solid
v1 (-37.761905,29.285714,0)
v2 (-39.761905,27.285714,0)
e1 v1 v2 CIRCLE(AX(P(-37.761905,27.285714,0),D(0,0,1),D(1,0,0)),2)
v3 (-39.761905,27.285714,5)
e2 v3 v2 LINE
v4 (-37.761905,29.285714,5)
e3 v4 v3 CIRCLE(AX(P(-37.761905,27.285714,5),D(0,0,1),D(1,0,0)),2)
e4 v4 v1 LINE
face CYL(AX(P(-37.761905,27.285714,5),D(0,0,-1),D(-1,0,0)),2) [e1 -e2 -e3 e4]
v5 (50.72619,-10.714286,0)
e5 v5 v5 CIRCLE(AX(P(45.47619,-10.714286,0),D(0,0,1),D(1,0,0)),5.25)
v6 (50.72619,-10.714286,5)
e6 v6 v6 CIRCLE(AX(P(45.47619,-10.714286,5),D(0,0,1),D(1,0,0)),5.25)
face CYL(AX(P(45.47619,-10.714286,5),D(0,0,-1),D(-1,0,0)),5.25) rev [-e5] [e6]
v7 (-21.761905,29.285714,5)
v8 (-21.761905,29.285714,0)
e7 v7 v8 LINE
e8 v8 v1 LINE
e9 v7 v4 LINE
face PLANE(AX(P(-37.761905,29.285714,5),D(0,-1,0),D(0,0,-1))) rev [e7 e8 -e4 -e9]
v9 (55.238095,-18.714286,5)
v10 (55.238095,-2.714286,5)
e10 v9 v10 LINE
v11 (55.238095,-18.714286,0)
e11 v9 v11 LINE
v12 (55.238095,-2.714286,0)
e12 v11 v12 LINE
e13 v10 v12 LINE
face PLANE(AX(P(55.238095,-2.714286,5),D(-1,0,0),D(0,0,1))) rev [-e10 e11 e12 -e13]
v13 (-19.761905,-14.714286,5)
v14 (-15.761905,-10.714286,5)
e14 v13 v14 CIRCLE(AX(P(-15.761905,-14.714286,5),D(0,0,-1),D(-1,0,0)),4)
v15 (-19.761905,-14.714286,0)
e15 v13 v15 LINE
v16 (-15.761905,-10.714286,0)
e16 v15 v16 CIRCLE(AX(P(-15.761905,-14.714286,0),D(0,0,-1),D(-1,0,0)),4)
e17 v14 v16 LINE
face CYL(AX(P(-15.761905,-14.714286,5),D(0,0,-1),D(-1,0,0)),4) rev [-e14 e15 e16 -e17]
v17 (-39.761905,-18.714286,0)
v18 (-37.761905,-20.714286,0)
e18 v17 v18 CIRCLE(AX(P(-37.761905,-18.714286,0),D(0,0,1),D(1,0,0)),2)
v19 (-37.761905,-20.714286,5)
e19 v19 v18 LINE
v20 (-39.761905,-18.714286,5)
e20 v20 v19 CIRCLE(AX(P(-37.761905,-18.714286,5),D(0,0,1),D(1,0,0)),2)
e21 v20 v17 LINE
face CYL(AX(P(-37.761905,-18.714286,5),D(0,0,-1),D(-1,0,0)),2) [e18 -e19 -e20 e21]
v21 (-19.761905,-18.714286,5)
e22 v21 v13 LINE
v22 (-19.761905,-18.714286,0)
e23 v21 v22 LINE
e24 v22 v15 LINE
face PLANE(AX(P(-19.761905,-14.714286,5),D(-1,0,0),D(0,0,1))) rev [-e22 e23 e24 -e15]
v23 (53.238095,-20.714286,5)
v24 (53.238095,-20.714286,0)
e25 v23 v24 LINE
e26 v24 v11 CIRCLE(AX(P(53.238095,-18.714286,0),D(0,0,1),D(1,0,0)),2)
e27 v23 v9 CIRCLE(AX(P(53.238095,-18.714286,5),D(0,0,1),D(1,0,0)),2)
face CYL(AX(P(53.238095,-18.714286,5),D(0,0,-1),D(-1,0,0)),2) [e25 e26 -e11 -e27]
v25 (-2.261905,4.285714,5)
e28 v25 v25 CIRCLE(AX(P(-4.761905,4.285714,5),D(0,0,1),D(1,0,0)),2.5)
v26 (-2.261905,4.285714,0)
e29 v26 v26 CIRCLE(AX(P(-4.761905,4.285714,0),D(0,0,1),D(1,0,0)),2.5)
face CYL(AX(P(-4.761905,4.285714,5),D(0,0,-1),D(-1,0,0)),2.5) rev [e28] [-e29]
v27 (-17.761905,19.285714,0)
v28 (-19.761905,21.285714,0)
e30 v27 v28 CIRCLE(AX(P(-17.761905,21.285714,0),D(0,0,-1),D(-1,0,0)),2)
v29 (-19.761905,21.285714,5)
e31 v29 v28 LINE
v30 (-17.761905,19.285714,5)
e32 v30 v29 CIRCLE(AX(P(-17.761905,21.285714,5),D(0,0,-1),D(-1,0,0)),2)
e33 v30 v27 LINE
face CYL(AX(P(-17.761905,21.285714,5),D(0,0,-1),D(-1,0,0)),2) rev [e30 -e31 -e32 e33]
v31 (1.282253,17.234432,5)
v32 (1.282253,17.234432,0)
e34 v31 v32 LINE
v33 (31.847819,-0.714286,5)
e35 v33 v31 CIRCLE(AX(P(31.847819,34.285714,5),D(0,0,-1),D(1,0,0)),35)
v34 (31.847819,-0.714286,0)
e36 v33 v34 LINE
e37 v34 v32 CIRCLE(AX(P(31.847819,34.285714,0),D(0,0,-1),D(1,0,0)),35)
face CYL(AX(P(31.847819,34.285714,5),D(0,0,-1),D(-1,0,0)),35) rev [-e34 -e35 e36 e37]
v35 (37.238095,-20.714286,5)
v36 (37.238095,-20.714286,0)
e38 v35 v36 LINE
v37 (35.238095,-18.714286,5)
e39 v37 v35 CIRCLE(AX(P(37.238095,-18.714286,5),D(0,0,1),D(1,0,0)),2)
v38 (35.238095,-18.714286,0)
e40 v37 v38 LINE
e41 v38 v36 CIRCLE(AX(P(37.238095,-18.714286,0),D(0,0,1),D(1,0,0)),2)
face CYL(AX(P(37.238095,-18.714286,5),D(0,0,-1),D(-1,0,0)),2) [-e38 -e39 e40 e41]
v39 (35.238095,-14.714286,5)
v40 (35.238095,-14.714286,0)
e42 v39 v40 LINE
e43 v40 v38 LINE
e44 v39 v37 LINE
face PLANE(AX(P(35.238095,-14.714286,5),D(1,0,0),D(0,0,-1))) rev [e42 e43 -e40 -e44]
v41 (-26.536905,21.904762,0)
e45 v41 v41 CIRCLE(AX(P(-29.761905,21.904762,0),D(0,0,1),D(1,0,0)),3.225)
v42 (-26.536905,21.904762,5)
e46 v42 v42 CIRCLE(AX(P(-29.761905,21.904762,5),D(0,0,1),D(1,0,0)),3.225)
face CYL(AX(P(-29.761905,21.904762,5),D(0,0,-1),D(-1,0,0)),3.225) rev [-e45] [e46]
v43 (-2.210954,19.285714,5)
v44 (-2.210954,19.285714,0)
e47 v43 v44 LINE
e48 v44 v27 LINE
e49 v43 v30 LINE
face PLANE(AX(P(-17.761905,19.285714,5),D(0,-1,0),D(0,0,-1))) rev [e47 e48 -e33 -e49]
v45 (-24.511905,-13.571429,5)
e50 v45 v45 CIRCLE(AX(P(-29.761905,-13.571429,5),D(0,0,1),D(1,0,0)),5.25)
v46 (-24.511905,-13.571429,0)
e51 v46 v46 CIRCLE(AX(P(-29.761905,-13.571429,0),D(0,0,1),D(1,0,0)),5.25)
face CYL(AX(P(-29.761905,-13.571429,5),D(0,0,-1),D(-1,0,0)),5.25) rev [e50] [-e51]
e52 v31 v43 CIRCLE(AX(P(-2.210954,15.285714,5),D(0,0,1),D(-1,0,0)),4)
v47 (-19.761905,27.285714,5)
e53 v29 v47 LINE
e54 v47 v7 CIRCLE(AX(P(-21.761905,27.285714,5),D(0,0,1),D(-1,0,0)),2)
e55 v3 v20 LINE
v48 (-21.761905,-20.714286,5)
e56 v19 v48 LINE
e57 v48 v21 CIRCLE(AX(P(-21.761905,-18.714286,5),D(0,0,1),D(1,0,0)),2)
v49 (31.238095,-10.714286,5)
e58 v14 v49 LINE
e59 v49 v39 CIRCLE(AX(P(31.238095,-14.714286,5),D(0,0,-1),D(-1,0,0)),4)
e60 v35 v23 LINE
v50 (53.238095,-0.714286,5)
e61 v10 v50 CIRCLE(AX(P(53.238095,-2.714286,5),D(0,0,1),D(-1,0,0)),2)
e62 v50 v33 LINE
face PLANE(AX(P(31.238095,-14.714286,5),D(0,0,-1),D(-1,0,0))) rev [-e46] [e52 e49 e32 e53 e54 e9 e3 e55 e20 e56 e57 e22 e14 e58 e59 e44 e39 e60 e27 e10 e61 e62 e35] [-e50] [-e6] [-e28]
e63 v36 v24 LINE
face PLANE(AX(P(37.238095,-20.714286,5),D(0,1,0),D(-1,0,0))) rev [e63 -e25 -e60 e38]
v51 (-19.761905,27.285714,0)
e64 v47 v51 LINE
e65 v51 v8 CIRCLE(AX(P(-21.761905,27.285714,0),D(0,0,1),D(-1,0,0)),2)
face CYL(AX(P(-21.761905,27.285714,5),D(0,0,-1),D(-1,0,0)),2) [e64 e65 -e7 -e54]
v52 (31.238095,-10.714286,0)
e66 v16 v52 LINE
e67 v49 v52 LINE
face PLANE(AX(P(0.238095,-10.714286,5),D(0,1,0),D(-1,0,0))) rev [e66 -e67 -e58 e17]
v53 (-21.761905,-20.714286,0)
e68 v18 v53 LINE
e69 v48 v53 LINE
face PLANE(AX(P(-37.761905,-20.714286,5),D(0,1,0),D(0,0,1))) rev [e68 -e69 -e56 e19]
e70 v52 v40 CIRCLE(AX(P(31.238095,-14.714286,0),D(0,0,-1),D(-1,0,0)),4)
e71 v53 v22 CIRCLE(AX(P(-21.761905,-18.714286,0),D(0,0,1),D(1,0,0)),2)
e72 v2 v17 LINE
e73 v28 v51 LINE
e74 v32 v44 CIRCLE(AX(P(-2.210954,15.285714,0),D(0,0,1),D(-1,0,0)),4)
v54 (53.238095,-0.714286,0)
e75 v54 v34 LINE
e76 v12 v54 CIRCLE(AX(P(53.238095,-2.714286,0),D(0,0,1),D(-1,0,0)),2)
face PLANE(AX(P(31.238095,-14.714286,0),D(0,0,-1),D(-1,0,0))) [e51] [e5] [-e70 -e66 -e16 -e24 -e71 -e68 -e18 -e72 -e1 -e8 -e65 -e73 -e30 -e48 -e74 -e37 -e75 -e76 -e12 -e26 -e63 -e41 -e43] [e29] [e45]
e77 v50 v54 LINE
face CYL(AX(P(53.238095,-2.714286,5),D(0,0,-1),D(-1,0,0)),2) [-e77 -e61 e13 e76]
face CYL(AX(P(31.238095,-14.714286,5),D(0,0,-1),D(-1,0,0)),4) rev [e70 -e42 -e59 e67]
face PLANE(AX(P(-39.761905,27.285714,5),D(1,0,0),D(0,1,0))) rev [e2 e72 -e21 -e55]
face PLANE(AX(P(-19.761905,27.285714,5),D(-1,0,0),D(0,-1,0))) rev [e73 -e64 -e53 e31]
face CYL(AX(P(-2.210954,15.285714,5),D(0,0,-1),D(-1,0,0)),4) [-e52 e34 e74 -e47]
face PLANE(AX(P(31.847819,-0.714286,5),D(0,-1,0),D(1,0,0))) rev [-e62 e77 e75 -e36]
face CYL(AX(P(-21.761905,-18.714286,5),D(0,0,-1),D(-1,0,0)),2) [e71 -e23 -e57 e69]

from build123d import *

# Parameters (mm, degrees)
ESBO_O1_R                = 5.25
ESBO_O1_R_2              = 3.225
ESBO_O1_R_3              = 2.5
RESSALTO_EXTRUS_O1_DEPTH = 5


with BuildPart() as part:
    # Esboço1 → Ressalto-extrusão1 (new body)
    with BuildSketch(Plane.XY):
        with BuildLine():
            Line((0.238095238, -10.714285714), (31.238095238, -10.714285714))
            ThreePointArc((31.238095238, -10.714285714), (34.066522363, -11.88585859), (35.238095238, -14.714285714))
            Line((35.238095238, -14.714285714), (35.238095238, -18.714285714))
            ThreePointArc((35.238095238, -18.714285714), (35.823881676, -20.128499277), (37.238095238, -20.714285714))
            Line((37.238095238, -20.714285714), (53.238095238, -20.714285714))
            ThreePointArc((53.238095238, -20.714285714), (54.6523088, -20.128499277), (55.238095238, -18.714285714))
            Line((55.238095238, -18.714285714), (55.238095238, -2.714285714))
            ThreePointArc((55.238095238, -2.714285714), (54.6523088, -1.300072152), (53.238095238, -0.714285714))
            Line((53.238095238, -0.714285714), (31.847818571, -0.714285714))
            ThreePointArc((31.847818571, -0.714285714), (14.124879647, 4.104636838), (1.282253299, 17.234432234))
            ThreePointArc((1.282253299, 17.234432234), (-0.185475427, 18.73498028), (-2.210954161, 19.285714286))
            Line((-2.210954161, 19.285714286), (-17.761904762, 19.285714286))
            ThreePointArc((-17.761904762, 19.285714286), (-19.176118324, 19.871500723), (-19.761904762, 21.285714286))
            Line((-19.761904762, 21.285714286), (-19.761904762, 27.285714286))
            ThreePointArc((-19.761904762, 27.285714286), (-20.3476912, 28.699927848), (-21.761904762, 29.285714286))
            Line((-21.761904762, 29.285714286), (-37.761904762, 29.285714286))
            ThreePointArc((-37.761904762, 29.285714286), (-39.176118324, 28.699927848), (-39.761904762, 27.285714286))
            Line((-39.761904762, 27.285714286), (-39.761904762, -18.714285714))
            ThreePointArc((-39.761904762, -18.714285714), (-39.176118324, -20.128499277), (-37.761904762, -20.714285714))
            Line((-37.761904762, -20.714285714), (-21.761904762, -20.714285714))
            ThreePointArc((-21.761904762, -20.714285714), (-20.3476912, -20.128499277), (-19.761904762, -18.714285714))
            Line((-19.761904762, -18.714285714), (-19.761904762, -14.714285714))
            ThreePointArc((-19.761904762, -14.714285714), (-18.590331887, -11.88585859), (-15.761904762, -10.714285714))
            Line((-15.761904762, -10.714285714), (0.238095238, -10.714285714))
        make_face()
        with Locations((-29.761904762, -13.571428571)):
            Circle(ESBO_O1_R, mode=Mode.SUBTRACT)
        with Locations((-29.761904762, 21.904761905)):
            Circle(ESBO_O1_R_2, mode=Mode.SUBTRACT)
        with Locations((-4.761904762, 4.285714286)):
            Circle(ESBO_O1_R_3, mode=Mode.SUBTRACT)
        with Locations((45.476190476, -10.714285714)):
            Circle(ESBO_O1_R, mode=Mode.SUBTRACT)
    extrude(amount=RESSALTO_EXTRUS_O1_DEPTH)


solid = part.part
